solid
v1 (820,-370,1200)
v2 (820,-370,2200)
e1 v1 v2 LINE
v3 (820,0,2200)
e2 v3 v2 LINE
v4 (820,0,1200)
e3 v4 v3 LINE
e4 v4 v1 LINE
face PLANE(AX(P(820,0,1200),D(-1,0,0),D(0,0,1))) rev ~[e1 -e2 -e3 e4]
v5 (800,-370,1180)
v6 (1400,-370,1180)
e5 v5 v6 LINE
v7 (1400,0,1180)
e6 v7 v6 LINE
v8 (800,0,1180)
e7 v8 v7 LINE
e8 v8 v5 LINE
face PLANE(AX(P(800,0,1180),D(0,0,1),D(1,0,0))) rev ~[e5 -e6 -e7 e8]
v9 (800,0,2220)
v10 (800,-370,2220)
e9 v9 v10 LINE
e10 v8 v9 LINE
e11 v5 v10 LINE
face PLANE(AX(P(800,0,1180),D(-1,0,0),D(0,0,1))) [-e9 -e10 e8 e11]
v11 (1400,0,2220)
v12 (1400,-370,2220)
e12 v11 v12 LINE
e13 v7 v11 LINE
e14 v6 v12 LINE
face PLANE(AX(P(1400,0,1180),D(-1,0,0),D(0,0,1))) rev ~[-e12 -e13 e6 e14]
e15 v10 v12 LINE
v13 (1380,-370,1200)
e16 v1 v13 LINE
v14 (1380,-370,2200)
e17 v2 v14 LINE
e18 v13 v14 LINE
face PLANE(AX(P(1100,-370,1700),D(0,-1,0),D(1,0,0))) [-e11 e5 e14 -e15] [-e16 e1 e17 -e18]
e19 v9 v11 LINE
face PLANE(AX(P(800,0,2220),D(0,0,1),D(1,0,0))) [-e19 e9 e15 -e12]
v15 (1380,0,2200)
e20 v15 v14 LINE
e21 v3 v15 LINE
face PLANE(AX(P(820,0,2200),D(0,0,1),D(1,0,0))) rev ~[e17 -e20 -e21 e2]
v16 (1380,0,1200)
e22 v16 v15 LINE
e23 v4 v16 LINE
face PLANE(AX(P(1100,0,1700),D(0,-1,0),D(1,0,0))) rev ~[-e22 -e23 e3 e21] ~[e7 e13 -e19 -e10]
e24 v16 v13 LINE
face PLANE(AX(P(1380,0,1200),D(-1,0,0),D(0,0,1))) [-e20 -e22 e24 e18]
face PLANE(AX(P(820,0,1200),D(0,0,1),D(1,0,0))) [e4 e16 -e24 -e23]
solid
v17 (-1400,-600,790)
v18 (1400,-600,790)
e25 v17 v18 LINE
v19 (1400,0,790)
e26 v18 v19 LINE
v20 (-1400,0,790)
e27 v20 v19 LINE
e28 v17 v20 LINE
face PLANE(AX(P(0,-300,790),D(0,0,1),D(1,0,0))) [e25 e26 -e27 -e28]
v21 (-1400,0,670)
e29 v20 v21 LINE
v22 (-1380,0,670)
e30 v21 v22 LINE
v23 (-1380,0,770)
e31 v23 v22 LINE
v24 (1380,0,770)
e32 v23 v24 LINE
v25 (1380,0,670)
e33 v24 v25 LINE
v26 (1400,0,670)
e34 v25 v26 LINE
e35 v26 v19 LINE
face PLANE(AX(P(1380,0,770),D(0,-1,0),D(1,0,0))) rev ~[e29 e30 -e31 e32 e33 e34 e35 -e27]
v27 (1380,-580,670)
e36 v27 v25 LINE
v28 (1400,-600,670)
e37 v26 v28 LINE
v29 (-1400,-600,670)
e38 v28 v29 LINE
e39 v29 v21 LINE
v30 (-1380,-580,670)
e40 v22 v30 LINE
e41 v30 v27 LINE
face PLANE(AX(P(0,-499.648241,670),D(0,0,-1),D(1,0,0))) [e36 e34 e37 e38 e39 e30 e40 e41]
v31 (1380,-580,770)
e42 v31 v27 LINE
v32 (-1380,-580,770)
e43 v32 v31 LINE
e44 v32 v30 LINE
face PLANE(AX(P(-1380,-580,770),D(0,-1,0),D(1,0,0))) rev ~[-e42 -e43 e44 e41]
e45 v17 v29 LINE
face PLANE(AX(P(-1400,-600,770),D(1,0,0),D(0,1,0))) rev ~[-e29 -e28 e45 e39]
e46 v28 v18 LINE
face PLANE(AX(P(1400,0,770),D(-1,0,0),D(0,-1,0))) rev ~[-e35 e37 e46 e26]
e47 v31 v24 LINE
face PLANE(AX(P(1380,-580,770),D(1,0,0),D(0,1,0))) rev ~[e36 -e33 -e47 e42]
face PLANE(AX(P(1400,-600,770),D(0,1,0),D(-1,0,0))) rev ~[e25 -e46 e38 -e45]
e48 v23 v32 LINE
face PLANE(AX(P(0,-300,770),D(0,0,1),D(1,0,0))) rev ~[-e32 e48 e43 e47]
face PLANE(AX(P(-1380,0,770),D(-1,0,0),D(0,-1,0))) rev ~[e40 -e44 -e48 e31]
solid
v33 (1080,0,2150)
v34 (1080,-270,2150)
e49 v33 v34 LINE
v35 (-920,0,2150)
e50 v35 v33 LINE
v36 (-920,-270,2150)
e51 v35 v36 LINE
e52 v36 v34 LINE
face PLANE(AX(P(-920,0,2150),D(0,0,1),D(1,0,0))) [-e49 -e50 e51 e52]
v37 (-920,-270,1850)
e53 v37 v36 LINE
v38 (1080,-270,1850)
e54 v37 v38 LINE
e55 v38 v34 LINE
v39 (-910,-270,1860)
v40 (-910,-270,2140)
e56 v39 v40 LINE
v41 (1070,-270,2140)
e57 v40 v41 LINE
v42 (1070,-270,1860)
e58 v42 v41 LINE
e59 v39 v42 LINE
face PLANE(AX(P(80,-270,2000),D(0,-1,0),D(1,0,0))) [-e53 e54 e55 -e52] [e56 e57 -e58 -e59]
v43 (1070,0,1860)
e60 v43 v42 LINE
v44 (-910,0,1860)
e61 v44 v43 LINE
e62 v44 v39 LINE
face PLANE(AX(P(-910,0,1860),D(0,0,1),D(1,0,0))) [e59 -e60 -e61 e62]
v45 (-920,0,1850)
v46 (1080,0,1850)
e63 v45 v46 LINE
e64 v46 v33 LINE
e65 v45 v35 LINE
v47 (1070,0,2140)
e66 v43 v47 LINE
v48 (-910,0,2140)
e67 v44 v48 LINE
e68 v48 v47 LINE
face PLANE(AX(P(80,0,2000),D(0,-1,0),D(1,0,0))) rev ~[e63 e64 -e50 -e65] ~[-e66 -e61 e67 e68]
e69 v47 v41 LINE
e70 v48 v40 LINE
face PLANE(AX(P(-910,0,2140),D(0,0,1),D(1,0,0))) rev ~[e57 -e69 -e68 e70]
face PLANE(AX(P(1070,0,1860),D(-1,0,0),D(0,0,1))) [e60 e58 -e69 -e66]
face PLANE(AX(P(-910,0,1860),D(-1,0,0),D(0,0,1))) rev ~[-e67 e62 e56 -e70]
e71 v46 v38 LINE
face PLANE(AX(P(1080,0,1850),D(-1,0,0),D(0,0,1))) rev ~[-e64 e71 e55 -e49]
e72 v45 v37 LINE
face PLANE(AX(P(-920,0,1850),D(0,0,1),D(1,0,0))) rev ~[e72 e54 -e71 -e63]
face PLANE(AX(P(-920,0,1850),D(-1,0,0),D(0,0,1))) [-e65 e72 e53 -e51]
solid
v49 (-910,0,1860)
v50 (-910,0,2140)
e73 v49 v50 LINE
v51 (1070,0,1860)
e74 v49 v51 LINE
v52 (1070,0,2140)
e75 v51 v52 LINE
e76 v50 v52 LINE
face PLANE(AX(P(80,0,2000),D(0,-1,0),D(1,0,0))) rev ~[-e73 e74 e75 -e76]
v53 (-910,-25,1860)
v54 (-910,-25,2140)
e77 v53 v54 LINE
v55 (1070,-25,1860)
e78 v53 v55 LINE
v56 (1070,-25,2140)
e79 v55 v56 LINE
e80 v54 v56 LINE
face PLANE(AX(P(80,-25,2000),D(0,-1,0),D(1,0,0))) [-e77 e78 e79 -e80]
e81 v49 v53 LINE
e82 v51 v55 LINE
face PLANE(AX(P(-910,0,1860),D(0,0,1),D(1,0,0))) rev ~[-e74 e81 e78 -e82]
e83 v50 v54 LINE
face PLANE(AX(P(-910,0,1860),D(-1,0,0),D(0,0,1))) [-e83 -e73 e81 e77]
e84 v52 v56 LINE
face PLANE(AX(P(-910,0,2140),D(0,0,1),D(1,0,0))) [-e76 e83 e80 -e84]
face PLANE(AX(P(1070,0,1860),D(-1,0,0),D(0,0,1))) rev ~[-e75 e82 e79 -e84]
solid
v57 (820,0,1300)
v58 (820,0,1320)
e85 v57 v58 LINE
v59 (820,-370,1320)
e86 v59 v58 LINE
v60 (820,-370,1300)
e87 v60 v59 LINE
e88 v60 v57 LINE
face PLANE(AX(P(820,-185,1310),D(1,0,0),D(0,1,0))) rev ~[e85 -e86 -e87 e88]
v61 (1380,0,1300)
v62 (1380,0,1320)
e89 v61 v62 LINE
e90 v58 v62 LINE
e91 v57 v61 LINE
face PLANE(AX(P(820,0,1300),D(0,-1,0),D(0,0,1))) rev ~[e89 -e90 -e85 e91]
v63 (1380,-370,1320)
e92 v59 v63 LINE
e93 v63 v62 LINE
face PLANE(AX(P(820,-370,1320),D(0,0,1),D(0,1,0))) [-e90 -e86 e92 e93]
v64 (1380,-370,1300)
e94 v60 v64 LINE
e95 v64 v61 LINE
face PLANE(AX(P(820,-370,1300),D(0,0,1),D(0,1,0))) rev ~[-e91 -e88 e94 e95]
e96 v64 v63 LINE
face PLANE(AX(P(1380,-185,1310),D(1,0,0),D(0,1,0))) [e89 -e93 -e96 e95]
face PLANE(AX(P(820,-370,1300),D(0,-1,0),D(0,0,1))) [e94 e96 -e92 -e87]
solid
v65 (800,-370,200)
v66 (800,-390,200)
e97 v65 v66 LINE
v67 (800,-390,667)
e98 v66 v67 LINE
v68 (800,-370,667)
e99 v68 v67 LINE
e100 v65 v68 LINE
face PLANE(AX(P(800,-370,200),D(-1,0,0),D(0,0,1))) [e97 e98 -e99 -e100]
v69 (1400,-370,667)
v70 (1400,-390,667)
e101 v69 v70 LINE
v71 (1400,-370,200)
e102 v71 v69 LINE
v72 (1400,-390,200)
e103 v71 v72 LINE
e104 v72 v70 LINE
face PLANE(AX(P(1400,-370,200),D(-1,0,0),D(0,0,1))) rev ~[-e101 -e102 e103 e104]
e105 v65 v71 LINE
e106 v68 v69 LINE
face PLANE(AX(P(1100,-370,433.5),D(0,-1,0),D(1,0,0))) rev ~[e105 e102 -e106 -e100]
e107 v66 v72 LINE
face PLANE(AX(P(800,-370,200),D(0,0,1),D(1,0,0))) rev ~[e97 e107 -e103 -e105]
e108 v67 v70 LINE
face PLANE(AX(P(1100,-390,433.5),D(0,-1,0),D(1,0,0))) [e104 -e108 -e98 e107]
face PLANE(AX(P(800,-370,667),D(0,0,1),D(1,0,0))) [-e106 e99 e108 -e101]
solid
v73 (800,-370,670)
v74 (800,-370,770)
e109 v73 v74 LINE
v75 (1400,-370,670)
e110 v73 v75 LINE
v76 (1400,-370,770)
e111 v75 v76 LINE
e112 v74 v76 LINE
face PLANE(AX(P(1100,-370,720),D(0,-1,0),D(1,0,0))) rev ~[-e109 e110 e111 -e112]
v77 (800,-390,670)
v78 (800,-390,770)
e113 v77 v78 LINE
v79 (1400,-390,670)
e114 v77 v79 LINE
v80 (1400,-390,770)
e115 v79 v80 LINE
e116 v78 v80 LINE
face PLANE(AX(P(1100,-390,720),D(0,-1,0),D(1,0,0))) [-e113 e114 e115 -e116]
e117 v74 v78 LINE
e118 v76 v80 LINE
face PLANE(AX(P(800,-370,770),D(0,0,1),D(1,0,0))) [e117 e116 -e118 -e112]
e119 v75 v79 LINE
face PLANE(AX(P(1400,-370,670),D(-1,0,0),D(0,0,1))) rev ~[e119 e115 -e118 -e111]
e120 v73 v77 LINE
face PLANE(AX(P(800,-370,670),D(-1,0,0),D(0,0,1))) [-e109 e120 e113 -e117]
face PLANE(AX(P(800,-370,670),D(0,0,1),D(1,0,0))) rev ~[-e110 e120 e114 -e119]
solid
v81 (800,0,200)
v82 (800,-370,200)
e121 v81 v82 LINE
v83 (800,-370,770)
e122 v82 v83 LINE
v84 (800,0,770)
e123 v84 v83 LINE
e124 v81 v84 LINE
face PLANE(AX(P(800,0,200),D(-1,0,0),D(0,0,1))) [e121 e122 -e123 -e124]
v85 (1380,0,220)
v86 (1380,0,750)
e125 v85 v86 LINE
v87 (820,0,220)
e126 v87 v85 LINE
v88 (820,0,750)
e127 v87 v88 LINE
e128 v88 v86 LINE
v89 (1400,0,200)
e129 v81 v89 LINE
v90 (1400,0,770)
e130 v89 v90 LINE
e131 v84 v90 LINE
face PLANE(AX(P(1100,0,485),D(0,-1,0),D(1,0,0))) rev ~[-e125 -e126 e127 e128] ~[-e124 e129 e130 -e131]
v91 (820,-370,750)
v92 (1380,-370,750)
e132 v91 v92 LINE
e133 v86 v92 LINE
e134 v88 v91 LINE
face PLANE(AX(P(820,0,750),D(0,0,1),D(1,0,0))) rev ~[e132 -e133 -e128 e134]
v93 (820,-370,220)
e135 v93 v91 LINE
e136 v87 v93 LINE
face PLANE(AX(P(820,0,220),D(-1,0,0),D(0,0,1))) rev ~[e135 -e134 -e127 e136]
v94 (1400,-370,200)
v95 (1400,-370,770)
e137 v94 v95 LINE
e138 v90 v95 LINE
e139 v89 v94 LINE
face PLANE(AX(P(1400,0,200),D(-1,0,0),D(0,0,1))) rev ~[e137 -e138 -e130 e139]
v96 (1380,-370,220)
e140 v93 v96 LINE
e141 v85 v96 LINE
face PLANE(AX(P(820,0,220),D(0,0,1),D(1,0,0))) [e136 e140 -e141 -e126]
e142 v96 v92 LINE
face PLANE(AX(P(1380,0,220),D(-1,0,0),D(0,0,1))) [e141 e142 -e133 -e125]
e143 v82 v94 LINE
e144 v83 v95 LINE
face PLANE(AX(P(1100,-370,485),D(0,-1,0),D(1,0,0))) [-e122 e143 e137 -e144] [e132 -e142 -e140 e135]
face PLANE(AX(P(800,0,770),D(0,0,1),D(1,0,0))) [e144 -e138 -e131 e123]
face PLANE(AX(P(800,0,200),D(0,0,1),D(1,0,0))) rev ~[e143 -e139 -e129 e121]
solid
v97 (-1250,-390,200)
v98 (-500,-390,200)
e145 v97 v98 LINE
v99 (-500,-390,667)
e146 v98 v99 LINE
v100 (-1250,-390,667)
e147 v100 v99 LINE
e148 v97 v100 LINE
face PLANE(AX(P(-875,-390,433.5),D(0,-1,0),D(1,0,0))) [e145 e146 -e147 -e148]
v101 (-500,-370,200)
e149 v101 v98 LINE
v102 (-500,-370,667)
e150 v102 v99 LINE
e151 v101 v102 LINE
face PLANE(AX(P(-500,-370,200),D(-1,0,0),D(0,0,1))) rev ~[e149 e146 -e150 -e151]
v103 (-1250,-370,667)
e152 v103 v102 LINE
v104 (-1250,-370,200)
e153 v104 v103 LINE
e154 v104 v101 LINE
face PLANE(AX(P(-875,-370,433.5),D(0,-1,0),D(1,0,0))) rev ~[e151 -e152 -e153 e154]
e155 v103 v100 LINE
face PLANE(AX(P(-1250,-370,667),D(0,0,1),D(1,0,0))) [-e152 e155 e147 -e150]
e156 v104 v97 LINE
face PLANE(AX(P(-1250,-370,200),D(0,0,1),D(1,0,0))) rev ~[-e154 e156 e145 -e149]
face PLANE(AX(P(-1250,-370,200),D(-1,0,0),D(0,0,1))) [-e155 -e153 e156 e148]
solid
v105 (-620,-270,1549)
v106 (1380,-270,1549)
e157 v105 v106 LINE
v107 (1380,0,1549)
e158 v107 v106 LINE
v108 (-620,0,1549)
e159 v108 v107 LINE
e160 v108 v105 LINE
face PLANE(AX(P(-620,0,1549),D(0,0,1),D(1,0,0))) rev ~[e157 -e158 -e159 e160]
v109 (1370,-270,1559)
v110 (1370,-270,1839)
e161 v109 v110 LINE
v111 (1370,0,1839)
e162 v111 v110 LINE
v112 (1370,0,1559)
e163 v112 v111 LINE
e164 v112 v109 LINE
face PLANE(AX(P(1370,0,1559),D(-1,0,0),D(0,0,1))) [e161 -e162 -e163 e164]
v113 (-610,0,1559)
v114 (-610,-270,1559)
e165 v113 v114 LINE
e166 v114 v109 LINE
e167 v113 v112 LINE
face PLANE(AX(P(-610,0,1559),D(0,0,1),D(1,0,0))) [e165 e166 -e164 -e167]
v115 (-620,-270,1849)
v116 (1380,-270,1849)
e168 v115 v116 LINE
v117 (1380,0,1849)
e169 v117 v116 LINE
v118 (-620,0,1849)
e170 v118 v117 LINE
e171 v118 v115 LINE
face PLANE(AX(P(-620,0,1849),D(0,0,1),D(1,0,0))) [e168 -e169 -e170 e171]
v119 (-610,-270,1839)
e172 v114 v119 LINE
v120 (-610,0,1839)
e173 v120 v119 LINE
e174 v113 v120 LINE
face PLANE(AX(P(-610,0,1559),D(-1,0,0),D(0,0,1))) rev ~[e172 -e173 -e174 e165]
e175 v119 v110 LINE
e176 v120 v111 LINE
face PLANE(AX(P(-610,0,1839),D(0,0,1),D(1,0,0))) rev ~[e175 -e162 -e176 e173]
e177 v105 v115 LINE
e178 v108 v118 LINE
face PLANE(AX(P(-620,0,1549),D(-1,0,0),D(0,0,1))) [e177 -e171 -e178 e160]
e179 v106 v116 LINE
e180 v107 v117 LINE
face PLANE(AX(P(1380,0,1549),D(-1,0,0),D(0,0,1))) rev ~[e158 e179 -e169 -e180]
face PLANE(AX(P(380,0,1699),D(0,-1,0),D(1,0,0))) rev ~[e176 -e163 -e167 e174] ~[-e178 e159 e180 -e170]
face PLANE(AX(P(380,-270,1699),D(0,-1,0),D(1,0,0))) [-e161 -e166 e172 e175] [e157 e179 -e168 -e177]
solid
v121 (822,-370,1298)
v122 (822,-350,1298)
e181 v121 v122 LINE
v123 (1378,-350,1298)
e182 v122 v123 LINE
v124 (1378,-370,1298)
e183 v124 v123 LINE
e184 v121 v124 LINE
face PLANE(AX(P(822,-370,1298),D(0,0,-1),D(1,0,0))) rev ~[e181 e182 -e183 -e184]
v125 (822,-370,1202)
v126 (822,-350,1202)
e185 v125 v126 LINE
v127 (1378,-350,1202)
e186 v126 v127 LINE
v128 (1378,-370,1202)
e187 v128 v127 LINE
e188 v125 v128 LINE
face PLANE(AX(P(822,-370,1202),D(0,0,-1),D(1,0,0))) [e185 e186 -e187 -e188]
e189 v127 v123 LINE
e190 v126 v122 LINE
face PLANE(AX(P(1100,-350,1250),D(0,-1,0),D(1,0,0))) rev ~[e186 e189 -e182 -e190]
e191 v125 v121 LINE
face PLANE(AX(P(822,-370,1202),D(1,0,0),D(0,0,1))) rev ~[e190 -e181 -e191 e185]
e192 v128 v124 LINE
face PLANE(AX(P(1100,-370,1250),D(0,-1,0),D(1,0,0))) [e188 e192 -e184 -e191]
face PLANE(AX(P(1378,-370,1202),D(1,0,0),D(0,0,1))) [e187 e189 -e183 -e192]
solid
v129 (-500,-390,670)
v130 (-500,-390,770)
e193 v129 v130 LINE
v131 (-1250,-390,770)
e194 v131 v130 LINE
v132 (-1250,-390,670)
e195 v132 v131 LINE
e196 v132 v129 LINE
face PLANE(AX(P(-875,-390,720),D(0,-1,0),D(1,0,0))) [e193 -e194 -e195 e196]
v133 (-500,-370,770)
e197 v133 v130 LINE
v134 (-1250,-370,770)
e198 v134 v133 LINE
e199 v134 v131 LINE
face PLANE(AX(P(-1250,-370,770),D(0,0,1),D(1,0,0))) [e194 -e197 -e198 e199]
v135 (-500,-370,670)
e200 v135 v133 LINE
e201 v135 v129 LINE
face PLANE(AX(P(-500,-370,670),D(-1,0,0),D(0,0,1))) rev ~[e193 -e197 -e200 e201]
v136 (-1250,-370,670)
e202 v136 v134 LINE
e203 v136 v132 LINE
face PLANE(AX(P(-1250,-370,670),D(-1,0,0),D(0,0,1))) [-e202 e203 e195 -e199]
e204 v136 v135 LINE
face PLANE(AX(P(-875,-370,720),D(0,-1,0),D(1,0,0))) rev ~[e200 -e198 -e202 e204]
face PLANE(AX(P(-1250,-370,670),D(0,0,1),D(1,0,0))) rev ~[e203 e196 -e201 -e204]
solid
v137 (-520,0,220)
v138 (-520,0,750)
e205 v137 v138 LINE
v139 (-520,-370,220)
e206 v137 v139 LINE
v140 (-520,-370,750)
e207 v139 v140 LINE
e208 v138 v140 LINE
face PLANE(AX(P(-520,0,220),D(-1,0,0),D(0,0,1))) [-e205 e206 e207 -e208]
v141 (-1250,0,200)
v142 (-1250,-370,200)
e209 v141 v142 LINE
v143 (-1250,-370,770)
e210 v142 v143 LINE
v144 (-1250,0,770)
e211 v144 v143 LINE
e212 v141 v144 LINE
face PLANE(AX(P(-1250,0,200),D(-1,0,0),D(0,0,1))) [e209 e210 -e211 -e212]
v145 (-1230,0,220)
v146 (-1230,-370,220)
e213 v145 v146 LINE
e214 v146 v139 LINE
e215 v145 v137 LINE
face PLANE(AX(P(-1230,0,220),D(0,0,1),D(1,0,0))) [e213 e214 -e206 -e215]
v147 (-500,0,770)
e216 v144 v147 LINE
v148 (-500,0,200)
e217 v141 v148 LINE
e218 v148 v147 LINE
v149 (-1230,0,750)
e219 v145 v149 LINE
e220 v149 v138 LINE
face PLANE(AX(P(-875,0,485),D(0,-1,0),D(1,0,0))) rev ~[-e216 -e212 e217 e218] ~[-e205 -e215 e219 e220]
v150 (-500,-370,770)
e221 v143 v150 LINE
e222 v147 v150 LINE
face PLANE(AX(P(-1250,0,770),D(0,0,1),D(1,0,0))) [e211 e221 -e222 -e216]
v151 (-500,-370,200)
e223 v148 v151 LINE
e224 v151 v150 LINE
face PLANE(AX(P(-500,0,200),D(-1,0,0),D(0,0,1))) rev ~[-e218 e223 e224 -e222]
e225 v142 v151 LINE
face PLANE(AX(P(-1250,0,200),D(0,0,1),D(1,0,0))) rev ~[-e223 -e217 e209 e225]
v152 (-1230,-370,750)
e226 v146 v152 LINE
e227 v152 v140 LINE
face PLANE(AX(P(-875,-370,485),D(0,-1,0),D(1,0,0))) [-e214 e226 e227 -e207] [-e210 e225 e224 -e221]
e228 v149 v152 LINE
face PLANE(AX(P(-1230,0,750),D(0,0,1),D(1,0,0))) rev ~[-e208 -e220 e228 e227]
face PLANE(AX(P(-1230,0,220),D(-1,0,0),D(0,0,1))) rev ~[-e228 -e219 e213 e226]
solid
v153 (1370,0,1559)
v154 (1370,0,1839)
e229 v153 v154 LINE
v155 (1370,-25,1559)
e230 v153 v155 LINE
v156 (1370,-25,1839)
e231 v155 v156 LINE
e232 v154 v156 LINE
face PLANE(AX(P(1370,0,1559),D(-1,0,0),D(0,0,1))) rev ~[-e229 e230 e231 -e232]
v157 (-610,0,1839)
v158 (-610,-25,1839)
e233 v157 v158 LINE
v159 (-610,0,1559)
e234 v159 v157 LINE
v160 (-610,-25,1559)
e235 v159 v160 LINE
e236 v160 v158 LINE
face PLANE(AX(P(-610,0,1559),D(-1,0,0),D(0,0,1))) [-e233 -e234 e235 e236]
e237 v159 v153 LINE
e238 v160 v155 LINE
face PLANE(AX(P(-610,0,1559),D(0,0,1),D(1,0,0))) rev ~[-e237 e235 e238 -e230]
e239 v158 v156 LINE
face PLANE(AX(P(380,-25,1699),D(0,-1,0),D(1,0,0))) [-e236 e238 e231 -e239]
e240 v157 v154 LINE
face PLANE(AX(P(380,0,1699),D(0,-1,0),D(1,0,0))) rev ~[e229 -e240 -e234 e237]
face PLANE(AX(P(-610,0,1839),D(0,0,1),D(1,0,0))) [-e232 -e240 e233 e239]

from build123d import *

# Parameters (mm, degrees)
F2_W      = 2800
F2_H      = 600
F3_DEPTH  = 20
F5_DEPTH  = 100
F6_W      = 750
F6_H      = 570
F6_W_2    = 710
F6_H_2    = 530
F7_DEPTH  = 370
F6_W_3    = 600
F6_W_4    = 560
F8_W      = 750
F8_H      = 100
F9_DEPTH  = 20
F8_W_2    = 600
F8_H_2    = 467
F10_W     = 2000
F10_H     = 300
F10_W_2   = 1980
F10_H_2   = 280
F11_DEPTH = 270
F12_W     = 1980
F12_H     = 280
F13_DEPTH = 25
F14_W     = 600
F14_H     = 1040
F14_W_2   = 560
F14_H_2   = 1000
F15_DEPTH = 370
F16_W     = 370
F16_H     = 20
F17_DEPTH = 560
F18_W     = 556
F18_H     = 96
F19_DEPTH = 20


with BuildPart() as f3:
    # F2 (on plane+point) → F3 (new body)
    with BuildSketch(Plane.XY.offset(770)):
        with Locations((0, -300)):
            Rectangle(F2_W, F2_H)
    extrude(amount=F3_DEPTH)

    # F4 (on face) → F5 (join)
    with BuildSketch(Plane(origin=(0, 0, 770), x_dir=(1, 0, 0), z_dir=(0, 0, -1))):
        Polygon((1400, 600), (-1400, 600), (-1400, 0), (-1380, 0), (-1380, 580), (1380, 580), (1380, 0), (1400, 0), align=None)
    extrude(amount=F5_DEPTH)


with BuildPart() as f7:
    # F6 (on Front) → F7 (new body)
    with BuildSketch(Plane.XZ):
        with Locations((-875, 485)):
            Rectangle(F6_W, F6_H)
        with Locations((-875, 485)):
            Rectangle(F6_W_2, F6_H_2, mode=Mode.SUBTRACT)
    extrude(amount=F7_DEPTH)


with BuildPart() as f7b:
    # F6 (on Front) → F7, piece 2 (new body)
    with BuildSketch(Plane.XZ):
        with Locations((1100, 485)):
            Rectangle(F6_W_3, F6_H)
        with Locations((1100, 485)):
            Rectangle(F6_W_4, F6_H_2, mode=Mode.SUBTRACT)
    extrude(amount=F7_DEPTH)


with BuildPart() as f9:
    # F8 (on face) → F9 (new body)
    with BuildSketch(Plane.XZ.offset(370)):
        with Locations((-875, 720)):
            Rectangle(F8_W, F8_H)
    extrude(amount=F9_DEPTH)


with BuildPart() as f9b:
    # F8 (on face) → F9, piece 2 (new body)
    with BuildSketch(Plane.XZ.offset(370)):
        with Locations((1100, 720)):
            Rectangle(F8_W_2, F8_H)
    extrude(amount=F9_DEPTH)


with BuildPart() as f9c:
    # F8 (on face) → F9, piece 3 (new body)
    with BuildSketch(Plane.XZ.offset(370)):
        with Locations((-875, 433.5)):
            Rectangle(F8_W, F8_H_2)
    extrude(amount=F9_DEPTH)


with BuildPart() as f9d:
    # F8 (on face) → F9, piece 4 (new body)
    with BuildSketch(Plane.XZ.offset(370)):
        with Locations((1100, 433.5)):
            Rectangle(F8_W_2, F8_H_2)
    extrude(amount=F9_DEPTH)


with BuildPart() as f11:
    # F10 (on face) → F11 (new body)
    with BuildSketch(Plane.XZ):
        with Locations((80, 2000)):
            Rectangle(F10_W, F10_H)
        with Locations((80, 2000)):
            Rectangle(F10_W_2, F10_H_2, mode=Mode.SUBTRACT)
    extrude(amount=F11_DEPTH)


with BuildPart() as f11b:
    # F10 (on face) → F11, piece 2 (new body)
    with BuildSketch(Plane.XZ):
        with Locations((380, 1699)):
            Rectangle(F10_W, F10_H)
        with Locations((380, 1699)):
            Rectangle(F10_W_2, F10_H_2, mode=Mode.SUBTRACT)
    extrude(amount=F11_DEPTH)


with BuildPart() as f13:
    # F12 (on Front) → F13 (new body)
    with BuildSketch(Plane.XZ):
        with Locations((80, 2000)):
            Rectangle(F12_W, F12_H)
    extrude(amount=F13_DEPTH)


with BuildPart() as f13b:
    # F12 (on Front) → F13, piece 2 (new body)
    with BuildSketch(Plane.XZ):
        with Locations((380, 1699)):
            Rectangle(F12_W, F12_H)
    extrude(amount=F13_DEPTH)


with BuildPart() as f15:
    # F14 (on Front) → F15 (new body)
    with BuildSketch(Plane.XZ):
        with Locations((1100, 1700)):
            Rectangle(F14_W, F14_H)
        with Locations((1100, 1700)):
            Rectangle(F14_W_2, F14_H_2, mode=Mode.SUBTRACT)
    extrude(amount=F15_DEPTH)


with BuildPart() as f17:
    # F16 (on face) → F17 (new body, through all)
    with BuildSketch(Plane.YZ.offset(820)):
        with Locations((-185, 1310)):
            Rectangle(F16_W, F16_H)
    extrude(amount=F17_DEPTH)


with BuildPart() as f19:
    # F18 (on face) → F19 (new body)
    with BuildSketch(Plane.XZ.offset(370)):
        with Locations((1100, 1250)):
            Rectangle(F18_W, F18_H)
    extrude(amount=-F19_DEPTH)


solid = Compound([f3.part, f7.part, f7b.part, f9.part, f9b.part, f9c.part, f9d.part, f11.part, f11b.part, f13.part, f13b.part, f15.part, f17.part, f19.part])
